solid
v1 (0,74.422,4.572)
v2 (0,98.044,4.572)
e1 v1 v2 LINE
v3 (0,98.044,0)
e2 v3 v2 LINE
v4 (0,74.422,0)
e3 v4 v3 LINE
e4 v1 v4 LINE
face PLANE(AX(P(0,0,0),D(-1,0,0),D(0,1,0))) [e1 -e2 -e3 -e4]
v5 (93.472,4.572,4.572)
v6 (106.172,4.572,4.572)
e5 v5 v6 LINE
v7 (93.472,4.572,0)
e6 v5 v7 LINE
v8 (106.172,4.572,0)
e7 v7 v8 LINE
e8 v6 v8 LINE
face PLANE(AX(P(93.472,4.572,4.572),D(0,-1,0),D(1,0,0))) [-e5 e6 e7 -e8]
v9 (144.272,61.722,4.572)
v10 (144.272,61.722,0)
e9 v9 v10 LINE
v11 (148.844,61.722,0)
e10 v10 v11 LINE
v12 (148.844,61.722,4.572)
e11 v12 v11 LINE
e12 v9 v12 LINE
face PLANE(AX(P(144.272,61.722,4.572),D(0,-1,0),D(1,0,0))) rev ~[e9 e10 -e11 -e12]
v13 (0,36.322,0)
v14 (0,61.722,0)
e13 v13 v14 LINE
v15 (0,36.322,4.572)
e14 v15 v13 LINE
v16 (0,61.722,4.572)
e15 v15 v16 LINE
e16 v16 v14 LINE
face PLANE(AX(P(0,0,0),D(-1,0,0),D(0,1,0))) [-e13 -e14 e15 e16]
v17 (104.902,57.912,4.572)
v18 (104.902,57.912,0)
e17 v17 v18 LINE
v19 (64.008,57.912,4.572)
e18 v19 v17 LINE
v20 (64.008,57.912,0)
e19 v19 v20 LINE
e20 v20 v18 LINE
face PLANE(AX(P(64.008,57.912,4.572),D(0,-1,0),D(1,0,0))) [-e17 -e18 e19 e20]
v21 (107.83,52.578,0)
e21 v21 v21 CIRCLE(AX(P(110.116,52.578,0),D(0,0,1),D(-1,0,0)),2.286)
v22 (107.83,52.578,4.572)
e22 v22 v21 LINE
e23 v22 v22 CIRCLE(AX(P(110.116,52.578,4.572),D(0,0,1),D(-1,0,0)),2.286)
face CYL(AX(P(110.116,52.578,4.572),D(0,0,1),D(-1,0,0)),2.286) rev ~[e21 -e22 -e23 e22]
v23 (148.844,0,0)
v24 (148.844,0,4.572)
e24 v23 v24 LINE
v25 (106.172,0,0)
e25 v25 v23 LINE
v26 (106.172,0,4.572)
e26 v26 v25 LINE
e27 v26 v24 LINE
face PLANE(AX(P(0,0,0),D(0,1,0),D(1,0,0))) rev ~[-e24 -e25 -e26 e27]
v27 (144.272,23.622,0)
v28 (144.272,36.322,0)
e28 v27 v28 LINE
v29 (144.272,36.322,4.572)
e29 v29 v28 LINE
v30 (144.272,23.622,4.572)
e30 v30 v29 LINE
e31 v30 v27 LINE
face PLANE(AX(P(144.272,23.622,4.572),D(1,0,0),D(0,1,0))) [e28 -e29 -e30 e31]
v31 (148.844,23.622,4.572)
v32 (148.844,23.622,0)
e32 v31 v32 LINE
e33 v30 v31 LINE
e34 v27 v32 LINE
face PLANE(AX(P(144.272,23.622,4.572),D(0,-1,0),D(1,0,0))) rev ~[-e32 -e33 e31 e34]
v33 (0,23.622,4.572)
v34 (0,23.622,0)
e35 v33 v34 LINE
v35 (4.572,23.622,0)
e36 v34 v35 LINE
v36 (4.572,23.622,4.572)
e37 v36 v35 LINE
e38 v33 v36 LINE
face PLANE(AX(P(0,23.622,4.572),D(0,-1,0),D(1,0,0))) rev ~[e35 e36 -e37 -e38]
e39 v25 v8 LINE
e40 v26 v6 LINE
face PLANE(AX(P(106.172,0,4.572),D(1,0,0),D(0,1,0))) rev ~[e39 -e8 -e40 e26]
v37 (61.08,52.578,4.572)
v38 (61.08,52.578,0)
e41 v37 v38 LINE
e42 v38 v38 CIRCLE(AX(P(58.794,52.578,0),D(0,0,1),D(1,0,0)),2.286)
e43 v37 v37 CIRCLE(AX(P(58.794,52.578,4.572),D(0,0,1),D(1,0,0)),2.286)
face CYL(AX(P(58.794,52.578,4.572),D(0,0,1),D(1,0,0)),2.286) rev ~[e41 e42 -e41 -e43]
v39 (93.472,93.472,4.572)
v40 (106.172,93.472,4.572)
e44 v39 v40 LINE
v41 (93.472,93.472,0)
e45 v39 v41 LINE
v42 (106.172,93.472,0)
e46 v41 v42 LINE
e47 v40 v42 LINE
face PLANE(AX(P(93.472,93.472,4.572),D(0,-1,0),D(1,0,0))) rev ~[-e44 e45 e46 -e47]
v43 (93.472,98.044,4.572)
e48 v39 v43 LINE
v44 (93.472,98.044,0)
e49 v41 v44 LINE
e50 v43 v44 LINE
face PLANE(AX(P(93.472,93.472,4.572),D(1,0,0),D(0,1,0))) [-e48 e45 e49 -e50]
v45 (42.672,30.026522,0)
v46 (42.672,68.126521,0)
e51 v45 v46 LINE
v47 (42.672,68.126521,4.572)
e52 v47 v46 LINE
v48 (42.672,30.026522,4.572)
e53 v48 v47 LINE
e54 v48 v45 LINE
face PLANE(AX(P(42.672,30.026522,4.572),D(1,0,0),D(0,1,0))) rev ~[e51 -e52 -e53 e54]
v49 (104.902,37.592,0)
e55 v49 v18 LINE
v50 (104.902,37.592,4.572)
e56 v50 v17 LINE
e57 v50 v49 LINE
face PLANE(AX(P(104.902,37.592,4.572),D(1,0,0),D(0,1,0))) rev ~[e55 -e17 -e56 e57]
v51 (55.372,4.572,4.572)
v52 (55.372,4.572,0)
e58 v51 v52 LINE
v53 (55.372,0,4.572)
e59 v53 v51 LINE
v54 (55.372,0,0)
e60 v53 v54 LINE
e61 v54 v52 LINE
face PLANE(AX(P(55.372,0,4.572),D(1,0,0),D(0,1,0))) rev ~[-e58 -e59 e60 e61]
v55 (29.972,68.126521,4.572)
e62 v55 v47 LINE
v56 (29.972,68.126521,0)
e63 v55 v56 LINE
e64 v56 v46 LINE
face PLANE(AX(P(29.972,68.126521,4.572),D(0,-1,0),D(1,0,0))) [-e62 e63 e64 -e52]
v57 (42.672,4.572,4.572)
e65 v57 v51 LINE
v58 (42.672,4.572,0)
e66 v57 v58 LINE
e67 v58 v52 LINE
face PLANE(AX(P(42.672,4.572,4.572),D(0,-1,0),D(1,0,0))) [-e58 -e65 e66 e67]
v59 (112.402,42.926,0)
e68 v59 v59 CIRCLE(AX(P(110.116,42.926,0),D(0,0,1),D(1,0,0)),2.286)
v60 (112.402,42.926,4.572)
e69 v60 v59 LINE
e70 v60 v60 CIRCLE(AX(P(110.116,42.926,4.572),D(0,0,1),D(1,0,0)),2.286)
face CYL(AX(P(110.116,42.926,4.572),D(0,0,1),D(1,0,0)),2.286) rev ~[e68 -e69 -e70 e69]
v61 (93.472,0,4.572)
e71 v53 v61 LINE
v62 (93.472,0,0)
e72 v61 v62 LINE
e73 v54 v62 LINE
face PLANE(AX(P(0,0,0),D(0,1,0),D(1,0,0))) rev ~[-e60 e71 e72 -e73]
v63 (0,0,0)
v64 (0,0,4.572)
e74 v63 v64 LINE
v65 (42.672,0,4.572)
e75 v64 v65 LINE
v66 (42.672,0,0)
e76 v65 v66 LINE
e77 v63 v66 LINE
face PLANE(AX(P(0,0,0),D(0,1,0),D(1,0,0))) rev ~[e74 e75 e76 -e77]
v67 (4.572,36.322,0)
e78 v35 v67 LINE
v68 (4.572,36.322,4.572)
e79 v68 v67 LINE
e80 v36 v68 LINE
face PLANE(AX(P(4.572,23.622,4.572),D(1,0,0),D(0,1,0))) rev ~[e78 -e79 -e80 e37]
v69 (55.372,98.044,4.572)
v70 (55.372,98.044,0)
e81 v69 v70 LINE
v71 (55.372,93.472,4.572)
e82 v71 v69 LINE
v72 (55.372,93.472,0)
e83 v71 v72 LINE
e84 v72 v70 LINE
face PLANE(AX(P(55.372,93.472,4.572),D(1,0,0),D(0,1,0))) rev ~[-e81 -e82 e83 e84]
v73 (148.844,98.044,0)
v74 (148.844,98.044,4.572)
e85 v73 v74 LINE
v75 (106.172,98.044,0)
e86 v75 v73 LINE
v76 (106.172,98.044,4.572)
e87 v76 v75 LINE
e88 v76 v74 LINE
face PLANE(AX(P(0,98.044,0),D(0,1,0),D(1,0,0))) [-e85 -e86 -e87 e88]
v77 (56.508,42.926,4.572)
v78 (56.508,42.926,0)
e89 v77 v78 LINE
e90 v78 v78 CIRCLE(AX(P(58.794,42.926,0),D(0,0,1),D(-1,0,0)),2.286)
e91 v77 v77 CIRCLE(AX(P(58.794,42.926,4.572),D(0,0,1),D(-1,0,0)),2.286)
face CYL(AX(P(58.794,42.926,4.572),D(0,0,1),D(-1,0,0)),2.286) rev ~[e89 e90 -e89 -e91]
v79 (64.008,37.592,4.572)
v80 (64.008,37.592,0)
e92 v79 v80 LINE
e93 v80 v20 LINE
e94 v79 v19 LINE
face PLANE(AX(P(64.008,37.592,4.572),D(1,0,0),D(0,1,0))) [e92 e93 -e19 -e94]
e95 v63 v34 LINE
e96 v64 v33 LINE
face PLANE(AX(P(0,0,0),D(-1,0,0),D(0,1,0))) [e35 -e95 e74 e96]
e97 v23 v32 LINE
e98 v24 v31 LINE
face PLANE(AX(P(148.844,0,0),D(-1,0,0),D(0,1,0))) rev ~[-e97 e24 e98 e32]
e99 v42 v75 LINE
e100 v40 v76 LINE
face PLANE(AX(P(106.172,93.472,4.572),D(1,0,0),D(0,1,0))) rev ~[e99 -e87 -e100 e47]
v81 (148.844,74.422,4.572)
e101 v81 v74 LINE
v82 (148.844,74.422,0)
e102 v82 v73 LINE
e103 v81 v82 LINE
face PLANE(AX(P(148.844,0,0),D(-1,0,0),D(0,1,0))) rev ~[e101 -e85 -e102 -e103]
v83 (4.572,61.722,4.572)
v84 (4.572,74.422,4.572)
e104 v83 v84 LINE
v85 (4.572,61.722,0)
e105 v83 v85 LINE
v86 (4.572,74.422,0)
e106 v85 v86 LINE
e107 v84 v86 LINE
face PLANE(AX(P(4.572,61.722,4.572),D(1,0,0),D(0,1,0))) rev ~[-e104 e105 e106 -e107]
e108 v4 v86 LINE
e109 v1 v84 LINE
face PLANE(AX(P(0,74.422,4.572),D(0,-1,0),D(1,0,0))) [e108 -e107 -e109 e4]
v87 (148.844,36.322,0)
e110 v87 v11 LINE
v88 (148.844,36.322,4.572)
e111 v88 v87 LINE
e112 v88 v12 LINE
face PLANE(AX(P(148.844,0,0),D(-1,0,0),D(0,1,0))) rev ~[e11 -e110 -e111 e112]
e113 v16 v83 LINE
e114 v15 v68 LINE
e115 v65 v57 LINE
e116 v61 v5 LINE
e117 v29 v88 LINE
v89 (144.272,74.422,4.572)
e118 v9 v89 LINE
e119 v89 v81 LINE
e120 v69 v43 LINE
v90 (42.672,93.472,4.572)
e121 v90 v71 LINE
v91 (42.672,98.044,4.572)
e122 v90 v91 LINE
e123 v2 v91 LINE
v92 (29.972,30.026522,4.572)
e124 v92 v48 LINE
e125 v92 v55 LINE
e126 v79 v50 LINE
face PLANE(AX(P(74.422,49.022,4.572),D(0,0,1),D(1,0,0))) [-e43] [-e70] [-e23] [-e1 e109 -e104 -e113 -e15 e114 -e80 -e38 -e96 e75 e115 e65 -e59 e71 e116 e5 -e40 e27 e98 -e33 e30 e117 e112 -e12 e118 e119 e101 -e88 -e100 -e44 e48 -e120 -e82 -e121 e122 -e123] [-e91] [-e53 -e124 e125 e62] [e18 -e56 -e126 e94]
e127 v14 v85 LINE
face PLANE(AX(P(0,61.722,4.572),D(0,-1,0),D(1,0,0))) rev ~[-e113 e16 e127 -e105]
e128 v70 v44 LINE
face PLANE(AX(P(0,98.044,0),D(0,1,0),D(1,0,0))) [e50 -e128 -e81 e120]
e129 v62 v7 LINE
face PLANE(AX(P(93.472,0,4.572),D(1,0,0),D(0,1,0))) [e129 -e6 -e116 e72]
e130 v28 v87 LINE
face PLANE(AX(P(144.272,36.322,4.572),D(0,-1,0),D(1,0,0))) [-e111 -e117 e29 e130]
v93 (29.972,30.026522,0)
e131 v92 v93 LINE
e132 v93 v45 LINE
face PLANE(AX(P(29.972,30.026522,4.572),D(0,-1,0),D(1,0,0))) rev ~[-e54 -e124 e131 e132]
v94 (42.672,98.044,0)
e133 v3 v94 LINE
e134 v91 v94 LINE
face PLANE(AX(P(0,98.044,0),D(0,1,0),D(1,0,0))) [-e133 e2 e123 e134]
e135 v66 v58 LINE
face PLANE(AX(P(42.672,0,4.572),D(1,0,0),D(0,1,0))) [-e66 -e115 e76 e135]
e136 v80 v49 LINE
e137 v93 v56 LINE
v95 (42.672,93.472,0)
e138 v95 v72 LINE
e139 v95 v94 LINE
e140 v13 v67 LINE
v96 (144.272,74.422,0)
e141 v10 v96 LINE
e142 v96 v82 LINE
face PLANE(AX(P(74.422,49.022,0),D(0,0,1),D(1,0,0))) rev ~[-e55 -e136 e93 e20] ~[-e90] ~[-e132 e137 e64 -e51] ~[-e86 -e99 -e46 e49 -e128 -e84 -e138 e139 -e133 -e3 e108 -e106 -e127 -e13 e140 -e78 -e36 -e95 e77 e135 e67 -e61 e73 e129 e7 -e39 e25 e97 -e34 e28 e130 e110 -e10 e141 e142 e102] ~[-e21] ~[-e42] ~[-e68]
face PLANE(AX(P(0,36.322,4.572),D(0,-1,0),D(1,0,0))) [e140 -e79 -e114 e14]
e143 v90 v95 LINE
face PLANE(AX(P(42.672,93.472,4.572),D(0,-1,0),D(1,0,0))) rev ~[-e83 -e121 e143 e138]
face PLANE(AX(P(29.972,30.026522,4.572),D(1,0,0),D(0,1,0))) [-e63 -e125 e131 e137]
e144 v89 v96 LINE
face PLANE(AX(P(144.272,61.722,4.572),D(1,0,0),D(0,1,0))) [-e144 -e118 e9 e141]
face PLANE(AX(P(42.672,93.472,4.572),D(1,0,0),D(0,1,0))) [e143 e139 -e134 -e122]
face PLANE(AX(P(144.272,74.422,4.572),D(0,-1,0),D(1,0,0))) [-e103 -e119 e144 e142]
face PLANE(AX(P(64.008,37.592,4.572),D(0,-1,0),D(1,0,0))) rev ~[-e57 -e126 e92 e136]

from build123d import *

# Parameters (mm, degrees)
SKETCH2_W           = 148.844
SKETCH2_H           = 98.044
BOSS_EXTRUDE1_DEPTH = 4.572
SKETCH3_W           = 12.7
SKETCH3_H           = 4.572
SKETCH3_W_2         = 4.572
SKETCH3_H_2         = 12.7
CUT_EXTRUDE1_DEPTH  = 4.572
SKETCH4_R           = 2.286
SKETCH4_W           = 40.894
SKETCH4_H           = 20.32
CUT_EXTRUDE2_DEPTH  = 179.292079061
SKETCH5_W           = 12.7
SKETCH5_H           = 38.1
CUT_EXTRUDE3_DEPTH  = 4.572


with BuildPart() as part:
    # Sketch2 → Boss-Extrude1 (new body)
    with BuildSketch(Plane.XY):
        with Locations((74.422, 49.022)):
            Rectangle(SKETCH2_W, SKETCH2_H)
    extrude(amount=BOSS_EXTRUDE1_DEPTH)

    # Sketch3 → Cut-Extrude1 (cut)
    with BuildSketch(Plane.XY.offset(4.572)):
        with Locations((49.022, 2.286)):
            Rectangle(SKETCH3_W, SKETCH3_H)
        with Locations((99.822, 2.286)):
            Rectangle(SKETCH3_W, SKETCH3_H)
        with Locations((2.286, 29.972)):
            Rectangle(SKETCH3_W_2, SKETCH3_H_2)
        with Locations((2.286, 68.072)):
            Rectangle(SKETCH3_W_2, SKETCH3_H_2)
        with Locations((49.022, 95.758)):
            Rectangle(SKETCH3_W, SKETCH3_H)
        with Locations((99.822, 95.758)):
            Rectangle(SKETCH3_W, SKETCH3_H)
        with Locations((146.558, 68.072)):
            Rectangle(SKETCH3_W_2, SKETCH3_H_2)
        with Locations((146.558, 29.972)):
            Rectangle(SKETCH3_W_2, SKETCH3_H_2)
    extrude(amount=-CUT_EXTRUDE1_DEPTH, mode=Mode.SUBTRACT)

    # Sketch4 → Cut-Extrude2 (cut, through all)
    with BuildSketch(Plane.XY.offset(4.572)):
        with Locations((58.794000014, 52.578)):
            Circle(SKETCH4_R)
        with Locations(Location((110.115999986, 52.578, 0), (0, 0, 180))):
            Circle(SKETCH4_R)
        with Locations((110.115999986, 42.926)):
            Circle(SKETCH4_R)
        with Locations(Location((58.794000014, 42.926, 0), (0, 0, 180))):
            Circle(SKETCH4_R)
        with Locations((84.455, 47.752)):
            Rectangle(SKETCH4_W, SKETCH4_H)
    extrude(amount=-CUT_EXTRUDE2_DEPTH, mode=Mode.SUBTRACT)

    # Sketch5 → Cut-Extrude3 (cut)
    with BuildSketch(Plane.XY.offset(4.572)):
        with Locations((36.322, 49.0765215)):
            Rectangle(SKETCH5_W, SKETCH5_H)
    extrude(amount=-CUT_EXTRUDE3_DEPTH, mode=Mode.SUBTRACT)


solid = part.part
